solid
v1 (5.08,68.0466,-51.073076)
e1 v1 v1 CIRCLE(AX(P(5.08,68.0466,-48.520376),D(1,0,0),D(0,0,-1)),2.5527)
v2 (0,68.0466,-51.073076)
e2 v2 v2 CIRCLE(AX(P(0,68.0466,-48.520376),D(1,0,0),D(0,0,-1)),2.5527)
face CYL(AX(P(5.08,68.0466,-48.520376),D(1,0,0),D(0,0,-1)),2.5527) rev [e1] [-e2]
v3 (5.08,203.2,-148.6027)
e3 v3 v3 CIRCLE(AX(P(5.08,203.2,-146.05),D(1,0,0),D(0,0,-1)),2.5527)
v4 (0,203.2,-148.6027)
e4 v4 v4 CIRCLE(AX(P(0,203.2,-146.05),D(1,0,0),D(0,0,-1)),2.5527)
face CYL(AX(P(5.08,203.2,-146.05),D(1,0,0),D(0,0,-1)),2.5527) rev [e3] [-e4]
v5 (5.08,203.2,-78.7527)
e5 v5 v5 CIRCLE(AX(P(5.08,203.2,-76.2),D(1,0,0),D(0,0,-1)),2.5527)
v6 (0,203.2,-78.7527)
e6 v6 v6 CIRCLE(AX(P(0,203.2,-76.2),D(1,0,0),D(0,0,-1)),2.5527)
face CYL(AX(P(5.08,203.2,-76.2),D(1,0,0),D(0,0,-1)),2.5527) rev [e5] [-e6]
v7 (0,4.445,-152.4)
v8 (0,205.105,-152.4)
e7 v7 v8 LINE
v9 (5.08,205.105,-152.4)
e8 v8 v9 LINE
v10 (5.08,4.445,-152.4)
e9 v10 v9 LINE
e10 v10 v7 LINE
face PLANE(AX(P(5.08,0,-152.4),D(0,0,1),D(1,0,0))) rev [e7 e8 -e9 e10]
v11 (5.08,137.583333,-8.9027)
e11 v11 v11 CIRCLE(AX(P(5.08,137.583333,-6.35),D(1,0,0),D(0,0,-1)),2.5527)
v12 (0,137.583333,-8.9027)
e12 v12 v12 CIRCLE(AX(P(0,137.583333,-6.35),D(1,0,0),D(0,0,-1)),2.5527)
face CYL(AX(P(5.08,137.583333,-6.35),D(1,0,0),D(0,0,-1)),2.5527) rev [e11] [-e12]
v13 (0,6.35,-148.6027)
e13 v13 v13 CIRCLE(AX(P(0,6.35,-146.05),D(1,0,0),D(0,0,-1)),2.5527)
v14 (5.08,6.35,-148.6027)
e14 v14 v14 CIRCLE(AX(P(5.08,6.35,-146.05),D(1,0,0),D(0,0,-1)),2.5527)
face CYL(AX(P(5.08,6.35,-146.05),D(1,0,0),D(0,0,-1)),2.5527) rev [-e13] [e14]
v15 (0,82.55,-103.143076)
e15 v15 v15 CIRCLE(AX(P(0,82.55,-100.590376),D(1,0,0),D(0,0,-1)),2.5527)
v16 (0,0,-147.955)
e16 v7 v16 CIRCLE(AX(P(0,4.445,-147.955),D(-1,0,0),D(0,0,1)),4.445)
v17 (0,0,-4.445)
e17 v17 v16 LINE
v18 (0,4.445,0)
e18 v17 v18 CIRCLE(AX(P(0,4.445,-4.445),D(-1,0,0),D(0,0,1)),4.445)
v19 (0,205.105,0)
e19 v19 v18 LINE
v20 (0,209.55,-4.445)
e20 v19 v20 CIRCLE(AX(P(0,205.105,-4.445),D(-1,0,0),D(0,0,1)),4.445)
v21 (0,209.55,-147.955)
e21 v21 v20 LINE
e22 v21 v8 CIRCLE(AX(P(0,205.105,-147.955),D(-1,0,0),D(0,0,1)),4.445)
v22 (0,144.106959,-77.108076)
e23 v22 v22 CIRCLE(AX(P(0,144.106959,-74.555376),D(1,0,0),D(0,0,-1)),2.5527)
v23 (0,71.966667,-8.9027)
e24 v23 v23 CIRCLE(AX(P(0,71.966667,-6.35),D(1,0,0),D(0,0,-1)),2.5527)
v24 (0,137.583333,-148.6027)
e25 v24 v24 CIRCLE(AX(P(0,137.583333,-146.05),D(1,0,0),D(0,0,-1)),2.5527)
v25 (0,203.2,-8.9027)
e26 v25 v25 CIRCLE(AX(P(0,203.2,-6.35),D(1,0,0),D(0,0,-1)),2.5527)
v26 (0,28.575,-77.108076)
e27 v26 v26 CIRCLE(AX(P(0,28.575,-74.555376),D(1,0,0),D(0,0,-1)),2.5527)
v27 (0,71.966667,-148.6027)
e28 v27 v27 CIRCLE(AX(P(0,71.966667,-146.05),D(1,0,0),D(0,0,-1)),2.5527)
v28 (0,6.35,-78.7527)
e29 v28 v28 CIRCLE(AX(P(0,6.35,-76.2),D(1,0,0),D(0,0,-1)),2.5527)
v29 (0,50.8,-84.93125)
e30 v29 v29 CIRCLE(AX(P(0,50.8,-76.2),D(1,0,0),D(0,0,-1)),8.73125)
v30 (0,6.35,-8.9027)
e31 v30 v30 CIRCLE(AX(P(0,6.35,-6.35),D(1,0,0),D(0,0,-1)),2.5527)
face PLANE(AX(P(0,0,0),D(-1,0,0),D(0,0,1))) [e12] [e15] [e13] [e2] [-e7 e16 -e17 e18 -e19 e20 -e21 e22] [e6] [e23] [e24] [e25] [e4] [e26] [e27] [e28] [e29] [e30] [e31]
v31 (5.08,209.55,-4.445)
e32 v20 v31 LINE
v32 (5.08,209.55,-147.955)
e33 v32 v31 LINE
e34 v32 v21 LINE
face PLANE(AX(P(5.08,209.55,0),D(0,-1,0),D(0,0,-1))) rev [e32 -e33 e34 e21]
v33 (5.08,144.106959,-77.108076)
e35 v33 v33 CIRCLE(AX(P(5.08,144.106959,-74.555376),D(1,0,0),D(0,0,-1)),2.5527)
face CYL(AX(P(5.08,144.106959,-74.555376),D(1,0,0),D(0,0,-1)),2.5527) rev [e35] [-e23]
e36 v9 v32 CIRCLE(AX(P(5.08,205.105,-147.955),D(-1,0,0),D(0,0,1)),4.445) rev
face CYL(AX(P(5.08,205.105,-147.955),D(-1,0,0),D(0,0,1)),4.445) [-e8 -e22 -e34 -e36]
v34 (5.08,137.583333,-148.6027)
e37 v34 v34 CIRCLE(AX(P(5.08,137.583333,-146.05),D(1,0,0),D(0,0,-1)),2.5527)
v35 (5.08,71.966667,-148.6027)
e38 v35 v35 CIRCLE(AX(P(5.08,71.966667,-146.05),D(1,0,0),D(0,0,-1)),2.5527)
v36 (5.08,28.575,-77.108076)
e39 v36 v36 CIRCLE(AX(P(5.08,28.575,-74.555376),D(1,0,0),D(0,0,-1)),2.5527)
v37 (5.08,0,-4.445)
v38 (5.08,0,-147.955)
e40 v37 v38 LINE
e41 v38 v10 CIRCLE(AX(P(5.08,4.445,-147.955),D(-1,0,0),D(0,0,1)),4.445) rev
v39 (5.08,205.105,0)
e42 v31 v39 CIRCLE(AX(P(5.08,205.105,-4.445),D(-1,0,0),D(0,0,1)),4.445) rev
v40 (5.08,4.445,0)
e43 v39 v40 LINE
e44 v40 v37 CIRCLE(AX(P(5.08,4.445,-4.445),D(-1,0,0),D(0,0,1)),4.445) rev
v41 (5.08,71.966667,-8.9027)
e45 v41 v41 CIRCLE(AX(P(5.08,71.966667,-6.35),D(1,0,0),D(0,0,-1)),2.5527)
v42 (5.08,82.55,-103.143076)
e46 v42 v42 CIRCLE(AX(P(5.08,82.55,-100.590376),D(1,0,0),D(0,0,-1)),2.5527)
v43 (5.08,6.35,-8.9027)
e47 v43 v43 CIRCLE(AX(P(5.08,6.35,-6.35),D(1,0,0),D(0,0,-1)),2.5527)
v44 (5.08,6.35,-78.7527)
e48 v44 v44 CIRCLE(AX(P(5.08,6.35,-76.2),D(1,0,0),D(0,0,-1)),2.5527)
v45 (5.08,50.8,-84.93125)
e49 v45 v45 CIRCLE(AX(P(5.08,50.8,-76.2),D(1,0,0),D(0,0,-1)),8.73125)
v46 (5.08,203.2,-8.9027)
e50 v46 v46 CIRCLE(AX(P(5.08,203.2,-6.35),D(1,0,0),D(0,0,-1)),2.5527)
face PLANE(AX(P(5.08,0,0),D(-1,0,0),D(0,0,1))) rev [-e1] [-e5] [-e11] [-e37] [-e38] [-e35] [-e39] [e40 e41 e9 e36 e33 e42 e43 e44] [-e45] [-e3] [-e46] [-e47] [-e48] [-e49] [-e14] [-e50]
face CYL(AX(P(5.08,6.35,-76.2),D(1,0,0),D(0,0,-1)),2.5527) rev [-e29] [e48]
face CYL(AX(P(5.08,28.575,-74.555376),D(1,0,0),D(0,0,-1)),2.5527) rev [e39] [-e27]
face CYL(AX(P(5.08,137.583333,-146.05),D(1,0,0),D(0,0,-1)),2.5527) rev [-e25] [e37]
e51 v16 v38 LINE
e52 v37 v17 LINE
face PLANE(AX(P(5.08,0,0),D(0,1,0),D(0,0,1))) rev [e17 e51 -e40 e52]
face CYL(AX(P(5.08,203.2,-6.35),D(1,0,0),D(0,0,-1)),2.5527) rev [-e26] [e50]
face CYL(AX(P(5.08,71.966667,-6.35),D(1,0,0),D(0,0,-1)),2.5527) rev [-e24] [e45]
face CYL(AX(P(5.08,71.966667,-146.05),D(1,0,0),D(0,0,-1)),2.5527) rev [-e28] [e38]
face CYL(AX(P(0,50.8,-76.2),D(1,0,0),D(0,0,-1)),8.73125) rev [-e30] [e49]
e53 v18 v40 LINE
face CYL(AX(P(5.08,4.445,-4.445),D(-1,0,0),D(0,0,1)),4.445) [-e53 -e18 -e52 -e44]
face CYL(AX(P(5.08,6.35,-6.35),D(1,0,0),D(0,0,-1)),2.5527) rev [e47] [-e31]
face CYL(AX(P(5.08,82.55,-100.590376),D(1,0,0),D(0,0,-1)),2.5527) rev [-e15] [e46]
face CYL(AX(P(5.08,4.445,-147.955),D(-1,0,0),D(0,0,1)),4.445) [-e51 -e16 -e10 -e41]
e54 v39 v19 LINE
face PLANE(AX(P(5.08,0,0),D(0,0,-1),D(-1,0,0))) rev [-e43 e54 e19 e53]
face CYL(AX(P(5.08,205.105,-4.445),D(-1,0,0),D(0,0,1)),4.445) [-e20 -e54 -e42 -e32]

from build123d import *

# Parameters (mm, degrees)
SKETCH1_W              = 152.4
SKETCH1_H              = 209.55
BOSS_EXTRUDE2_DEPTH    = 5.08
SKETCH2_R              = 8.73125
CUT_EXTRUDE1_DEPTH     = 6.08
F_10_CLEARANCE_HOLE2_D = 5.1054
FILLET1_R              = 4.445
F_10_CLEARANCE_HOLE1_D = 5.1054


with BuildPart() as part:
    # Sketch1 → Boss-Extrude2 (new body)
    with BuildSketch(Plane(origin=(0, 0, 0), x_dir=(0, 0, -1), z_dir=(1, 0, 0))):
        with Locations((76.2, 104.775)):
            Rectangle(SKETCH1_W, SKETCH1_H)
    extrude(amount=BOSS_EXTRUDE2_DEPTH)

    # Sketch2 → Cut-Extrude1 (cut, through all)
    with BuildSketch(Plane(origin=(5.08, 0, 0), x_dir=(0, 0, -1), z_dir=(1, 0, 0))):
        with Locations((76.2, 50.8)):
            Circle(SKETCH2_R)
    extrude(amount=-CUT_EXTRUDE1_DEPTH, mode=Mode.SUBTRACT)

    # #10 Clearance Hole2 (through all)
    with Locations(Plane(origin=(5.08, 0, 0), x_dir=(0, 0, -1), z_dir=(1, 0, 0))):
        with Locations((48.520375625, 68.0466), (74.555375625, 144.106959494), (100.590375625, 82.55), (74.555375625, 28.575)):
            Hole(F_10_CLEARANCE_HOLE2_D / 2)

    # Fillet1
    fillet1_edges = [part.edges().sort_by_distance(p)[0] for p in [
        (2.54, 209.55, 0),
        (2.54, 209.55, -152.4),
        (2.54, 0, -152.4),
        (2.54, 0, 0),
    ]]
    fillet(fillet1_edges, radius=FILLET1_R)

    # #10 Clearance Hole1 (through all)
    with Locations(Plane(origin=(5.08, 0, 0), x_dir=(0, 0, -1), z_dir=(1, 0, 0))):
        with Locations((6.35, 203.2), (146.05, 6.35), (6.35, 6.35), (146.05, 203.2), (76.2, 6.35), (76.2, 203.2), (6.35, 137.583333333), (6.35, 71.966666667), (146.05, 71.966666667), (146.05, 137.583333333)):
            Hole(F_10_CLEARANCE_HOLE1_D / 2)


solid = part.part
